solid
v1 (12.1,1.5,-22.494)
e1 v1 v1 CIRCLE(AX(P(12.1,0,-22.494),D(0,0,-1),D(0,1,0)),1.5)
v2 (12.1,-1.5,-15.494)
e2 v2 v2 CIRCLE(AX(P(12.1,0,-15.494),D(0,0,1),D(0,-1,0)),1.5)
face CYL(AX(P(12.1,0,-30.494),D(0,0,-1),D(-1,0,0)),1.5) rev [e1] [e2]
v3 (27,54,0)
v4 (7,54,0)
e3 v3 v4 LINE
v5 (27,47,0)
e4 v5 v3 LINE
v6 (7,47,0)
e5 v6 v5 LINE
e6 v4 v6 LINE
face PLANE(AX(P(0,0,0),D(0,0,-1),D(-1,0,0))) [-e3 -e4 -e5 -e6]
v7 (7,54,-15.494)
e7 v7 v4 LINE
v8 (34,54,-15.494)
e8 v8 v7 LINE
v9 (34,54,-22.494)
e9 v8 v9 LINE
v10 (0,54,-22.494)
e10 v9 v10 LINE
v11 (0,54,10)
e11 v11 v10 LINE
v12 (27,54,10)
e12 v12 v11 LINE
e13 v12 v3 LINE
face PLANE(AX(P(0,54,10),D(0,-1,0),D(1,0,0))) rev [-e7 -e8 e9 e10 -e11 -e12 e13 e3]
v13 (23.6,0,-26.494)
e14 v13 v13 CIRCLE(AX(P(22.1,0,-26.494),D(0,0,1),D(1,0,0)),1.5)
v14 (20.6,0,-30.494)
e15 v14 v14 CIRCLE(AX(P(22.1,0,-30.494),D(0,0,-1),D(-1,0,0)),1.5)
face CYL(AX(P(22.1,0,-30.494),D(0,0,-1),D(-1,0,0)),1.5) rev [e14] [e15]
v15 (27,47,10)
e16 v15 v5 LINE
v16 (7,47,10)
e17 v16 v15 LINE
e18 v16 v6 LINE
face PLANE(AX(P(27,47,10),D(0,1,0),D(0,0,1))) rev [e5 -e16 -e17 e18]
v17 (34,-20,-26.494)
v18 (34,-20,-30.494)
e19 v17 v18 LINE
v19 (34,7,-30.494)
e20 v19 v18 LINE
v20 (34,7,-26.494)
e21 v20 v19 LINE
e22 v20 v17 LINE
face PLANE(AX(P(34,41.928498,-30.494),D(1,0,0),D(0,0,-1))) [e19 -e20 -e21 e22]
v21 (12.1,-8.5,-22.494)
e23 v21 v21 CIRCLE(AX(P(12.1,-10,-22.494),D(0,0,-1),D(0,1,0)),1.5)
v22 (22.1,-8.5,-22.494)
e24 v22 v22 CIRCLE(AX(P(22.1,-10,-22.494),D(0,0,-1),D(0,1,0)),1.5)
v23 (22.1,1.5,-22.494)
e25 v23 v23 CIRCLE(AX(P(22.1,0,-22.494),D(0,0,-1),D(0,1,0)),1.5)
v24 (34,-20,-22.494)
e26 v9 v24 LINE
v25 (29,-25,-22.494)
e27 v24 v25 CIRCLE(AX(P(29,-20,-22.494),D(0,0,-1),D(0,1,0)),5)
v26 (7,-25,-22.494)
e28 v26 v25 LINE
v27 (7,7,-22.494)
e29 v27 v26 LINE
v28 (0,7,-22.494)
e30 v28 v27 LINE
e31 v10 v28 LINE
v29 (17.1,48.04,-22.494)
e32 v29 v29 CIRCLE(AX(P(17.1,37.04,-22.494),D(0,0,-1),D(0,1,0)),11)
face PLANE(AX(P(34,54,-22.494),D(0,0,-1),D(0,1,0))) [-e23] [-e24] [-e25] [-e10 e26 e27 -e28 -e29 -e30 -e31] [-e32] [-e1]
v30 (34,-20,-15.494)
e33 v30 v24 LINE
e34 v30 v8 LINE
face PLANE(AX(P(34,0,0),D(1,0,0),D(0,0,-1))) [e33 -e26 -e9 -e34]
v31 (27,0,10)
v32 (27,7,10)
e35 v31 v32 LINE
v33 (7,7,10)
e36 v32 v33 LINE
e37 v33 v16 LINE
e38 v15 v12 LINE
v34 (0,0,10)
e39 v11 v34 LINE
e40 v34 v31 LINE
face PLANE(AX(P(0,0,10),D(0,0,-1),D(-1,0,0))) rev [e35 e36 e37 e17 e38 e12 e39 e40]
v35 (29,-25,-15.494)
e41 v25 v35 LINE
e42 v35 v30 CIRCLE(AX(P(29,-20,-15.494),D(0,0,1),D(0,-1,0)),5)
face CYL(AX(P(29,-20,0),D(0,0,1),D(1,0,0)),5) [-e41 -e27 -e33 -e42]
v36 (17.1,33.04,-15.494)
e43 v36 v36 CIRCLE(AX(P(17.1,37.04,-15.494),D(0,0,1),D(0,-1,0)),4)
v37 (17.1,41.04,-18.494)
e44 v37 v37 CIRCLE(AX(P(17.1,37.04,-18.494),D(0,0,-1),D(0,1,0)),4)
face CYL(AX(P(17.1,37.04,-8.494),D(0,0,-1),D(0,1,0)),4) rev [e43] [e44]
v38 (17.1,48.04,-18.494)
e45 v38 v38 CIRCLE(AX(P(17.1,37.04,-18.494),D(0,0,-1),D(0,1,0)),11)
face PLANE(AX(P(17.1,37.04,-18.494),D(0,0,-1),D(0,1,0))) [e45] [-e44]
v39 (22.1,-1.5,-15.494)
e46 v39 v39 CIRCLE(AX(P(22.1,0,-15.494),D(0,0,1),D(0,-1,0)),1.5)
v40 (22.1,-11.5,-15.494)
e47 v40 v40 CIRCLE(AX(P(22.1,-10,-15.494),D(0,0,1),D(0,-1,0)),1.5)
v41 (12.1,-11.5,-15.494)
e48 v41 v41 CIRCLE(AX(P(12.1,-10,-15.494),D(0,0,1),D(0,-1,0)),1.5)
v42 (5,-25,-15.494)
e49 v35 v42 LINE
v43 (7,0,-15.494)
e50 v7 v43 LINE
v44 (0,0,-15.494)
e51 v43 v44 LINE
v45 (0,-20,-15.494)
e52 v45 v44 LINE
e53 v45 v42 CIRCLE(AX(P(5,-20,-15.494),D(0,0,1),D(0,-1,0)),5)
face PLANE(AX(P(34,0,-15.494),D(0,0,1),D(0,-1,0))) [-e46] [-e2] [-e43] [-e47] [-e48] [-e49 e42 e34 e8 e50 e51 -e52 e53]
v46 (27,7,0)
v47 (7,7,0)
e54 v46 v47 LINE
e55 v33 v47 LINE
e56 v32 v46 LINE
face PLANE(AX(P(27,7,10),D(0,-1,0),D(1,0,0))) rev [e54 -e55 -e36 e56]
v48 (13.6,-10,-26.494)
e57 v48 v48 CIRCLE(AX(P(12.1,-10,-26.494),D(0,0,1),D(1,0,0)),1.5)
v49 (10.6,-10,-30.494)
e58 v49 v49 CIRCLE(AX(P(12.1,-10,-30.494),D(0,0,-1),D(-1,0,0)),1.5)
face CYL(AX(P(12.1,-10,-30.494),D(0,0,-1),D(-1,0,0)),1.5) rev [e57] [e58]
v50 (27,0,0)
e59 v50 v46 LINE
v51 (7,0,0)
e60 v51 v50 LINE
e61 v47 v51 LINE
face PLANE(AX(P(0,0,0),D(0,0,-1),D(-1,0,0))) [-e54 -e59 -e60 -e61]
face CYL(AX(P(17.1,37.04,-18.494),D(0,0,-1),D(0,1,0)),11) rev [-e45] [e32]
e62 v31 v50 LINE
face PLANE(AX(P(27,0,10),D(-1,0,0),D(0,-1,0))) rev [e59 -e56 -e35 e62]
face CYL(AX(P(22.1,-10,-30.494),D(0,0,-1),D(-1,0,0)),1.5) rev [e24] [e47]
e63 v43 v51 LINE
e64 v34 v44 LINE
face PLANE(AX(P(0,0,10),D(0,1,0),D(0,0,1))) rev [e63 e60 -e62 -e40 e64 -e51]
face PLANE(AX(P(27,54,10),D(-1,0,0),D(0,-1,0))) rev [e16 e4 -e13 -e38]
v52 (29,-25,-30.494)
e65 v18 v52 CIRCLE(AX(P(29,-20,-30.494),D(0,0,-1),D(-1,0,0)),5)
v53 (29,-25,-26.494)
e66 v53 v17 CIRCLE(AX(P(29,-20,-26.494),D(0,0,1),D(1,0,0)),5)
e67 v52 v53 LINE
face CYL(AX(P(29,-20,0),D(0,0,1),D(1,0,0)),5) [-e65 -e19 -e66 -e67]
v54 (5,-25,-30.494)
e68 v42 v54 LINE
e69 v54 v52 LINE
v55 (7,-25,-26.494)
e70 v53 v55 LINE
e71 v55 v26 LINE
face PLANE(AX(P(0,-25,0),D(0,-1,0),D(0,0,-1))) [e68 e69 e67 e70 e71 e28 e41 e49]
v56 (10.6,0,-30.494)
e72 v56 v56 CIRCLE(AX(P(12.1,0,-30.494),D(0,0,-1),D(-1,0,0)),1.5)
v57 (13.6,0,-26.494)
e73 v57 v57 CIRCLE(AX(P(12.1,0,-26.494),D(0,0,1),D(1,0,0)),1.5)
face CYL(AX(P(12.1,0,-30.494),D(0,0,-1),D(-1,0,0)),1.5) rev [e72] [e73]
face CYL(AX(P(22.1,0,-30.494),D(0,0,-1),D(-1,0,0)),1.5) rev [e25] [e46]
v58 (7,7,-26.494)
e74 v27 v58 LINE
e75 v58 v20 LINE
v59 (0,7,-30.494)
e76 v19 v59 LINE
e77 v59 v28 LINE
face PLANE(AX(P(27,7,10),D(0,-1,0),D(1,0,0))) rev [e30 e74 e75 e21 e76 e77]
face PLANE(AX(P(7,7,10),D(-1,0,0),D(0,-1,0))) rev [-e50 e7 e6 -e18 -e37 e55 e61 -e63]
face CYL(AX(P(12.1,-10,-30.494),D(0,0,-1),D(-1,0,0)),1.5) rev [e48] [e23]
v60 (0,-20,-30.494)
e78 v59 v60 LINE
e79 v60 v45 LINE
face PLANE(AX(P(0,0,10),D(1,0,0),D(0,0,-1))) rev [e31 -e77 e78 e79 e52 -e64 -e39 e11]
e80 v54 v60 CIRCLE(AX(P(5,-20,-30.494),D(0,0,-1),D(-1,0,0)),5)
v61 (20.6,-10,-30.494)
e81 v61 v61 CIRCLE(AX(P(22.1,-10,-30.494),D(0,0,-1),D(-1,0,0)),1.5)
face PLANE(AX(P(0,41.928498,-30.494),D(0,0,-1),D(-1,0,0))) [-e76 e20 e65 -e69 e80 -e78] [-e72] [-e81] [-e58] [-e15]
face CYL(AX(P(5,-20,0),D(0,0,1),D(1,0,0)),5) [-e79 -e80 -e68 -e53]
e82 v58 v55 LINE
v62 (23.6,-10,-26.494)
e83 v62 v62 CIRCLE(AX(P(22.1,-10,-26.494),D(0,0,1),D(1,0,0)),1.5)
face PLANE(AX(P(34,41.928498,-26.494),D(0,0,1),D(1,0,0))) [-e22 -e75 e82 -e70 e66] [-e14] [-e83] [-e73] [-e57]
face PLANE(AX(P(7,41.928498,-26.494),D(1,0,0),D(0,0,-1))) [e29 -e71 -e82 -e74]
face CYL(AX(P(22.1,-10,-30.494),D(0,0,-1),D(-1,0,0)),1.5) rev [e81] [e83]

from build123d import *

# Parameters (mm, degrees)
BOSS_EXTRUDE1_DEPTH       = 10
SKETCH2_W                 = 7
SKETCH2_H                 = 54
BOSS_EXTRUDE2_DEPTH       = 15.494
SKETCH3_W                 = 7
SKETCH3_H                 = 54
BOSS_EXTRUDE3_DEPTH       = 34
SKETCH5_R                 = 11
CUT_EXTRUDE2_DEPTH        = 4
SKETCH6_R                 = 4
CUT_EXTRUDE3_DEPTH        = 10
SKETCH7_W                 = 34
SKETCH7_H                 = 7
BOSS_EXTRUDE4_DEPTH       = 25
BOSS_EXTRUDE5_DEPTH       = 32
F_3_0MM_DOWEL_HOLE1_D     = 3
F_3_0MM_DOWEL_HOLE1_DEPTH = 27
F_3_0MM_DOWEL_HOLE1_TIP   = 0.901290929
FILLET2_R                 = 5
FILLET3_R                 = 5


with BuildPart() as part:
    # Sketch1 → Boss-Extrude1 (new body)
    with BuildSketch(Plane.XY):
        Polygon((0, 0), (27, 0), (27, 7), (7, 7), (7, 47), (27, 47), (27, 54), (0, 54), align=None)
    extrude(amount=BOSS_EXTRUDE1_DEPTH)

    # Sketch2 → Boss-Extrude2 (add)
    with BuildSketch(Plane(origin=(0, 0, 0), x_dir=(-1, 0, 0), z_dir=(0, 0, -1))):
        with Locations((-3.5, 27)):
            Rectangle(SKETCH2_W, SKETCH2_H)
    extrude(amount=BOSS_EXTRUDE2_DEPTH)

    # Sketch3 → Boss-Extrude3 (add)
    with BuildSketch(Plane.ZY):
        with Locations((-18.994, 27)):
            Rectangle(SKETCH3_W, SKETCH3_H)
    extrude(amount=-BOSS_EXTRUDE3_DEPTH)

    # Sketch5 → Cut-Extrude2 (cut)
    with BuildSketch(Plane(origin=(0, 0, -22.494), x_dir=(-1, 0, 0), z_dir=(0, 0, -1))):
        with Locations(Location((-17.1, 37.04, 0), (0, 0, 90))):
            Circle(SKETCH5_R)
    extrude(amount=-CUT_EXTRUDE2_DEPTH, mode=Mode.SUBTRACT)

    # Sketch6 → Cut-Extrude3 (cut)
    with BuildSketch(Plane(origin=(0, 0, -18.494), x_dir=(-1, 0, 0), z_dir=(0, 0, -1))):
        with Locations(Location((-17.1, 37.04, 0), (0, 0, 90))):
            Circle(SKETCH6_R)
    extrude(amount=-CUT_EXTRUDE3_DEPTH, mode=Mode.SUBTRACT)

    # Sketch7 → Boss-Extrude4 (add)
    with BuildSketch(Plane.XZ):
        with Locations((17, -18.994)):
            Rectangle(SKETCH7_W, SKETCH7_H)
    extrude(amount=BOSS_EXTRUDE4_DEPTH)

    # Sketch8 → Boss-Extrude5 (add)
    with BuildSketch(Plane.XZ.offset(25)):
        Polygon((0, -22.494), (0, -30.494), (34, -30.494), (34, -26.494), (7, -26.494), (7, -22.494), align=None)
    extrude(amount=-BOSS_EXTRUDE5_DEPTH)

    # Ø3.0mm Dowel Hole1
    with Locations(Plane(origin=(0, 0, -30.494), x_dir=(-1, 0, 0), z_dir=(0, 0, -1))):
        with Locations((-22.1, -10), (-22.1, 0), (-12.1, 0), (-12.1, -10)):
            Hole(F_3_0MM_DOWEL_HOLE1_D / 2, depth=F_3_0MM_DOWEL_HOLE1_DEPTH)
            with Locations((0, 0, -(F_3_0MM_DOWEL_HOLE1_DEPTH + F_3_0MM_DOWEL_HOLE1_TIP / 2))):  # 118° drill point
                Cone(0, F_3_0MM_DOWEL_HOLE1_D / 2, F_3_0MM_DOWEL_HOLE1_TIP, mode=Mode.SUBTRACT)

    # Fillet2
    fillet2_edges = [part.edges().sort_by_distance(p)[0] for p in [
        (34, -25, -18.994),
        (34, -25, -28.494),
    ]]
    fillet(fillet2_edges, radius=FILLET2_R)

    # Fillet3
    fillet3_edges = [part.edges().sort_by_distance(p)[0] for p in [
        (0, -25, -22.994),
    ]]
    fillet(fillet3_edges, radius=FILLET3_R)


solid = part.part
